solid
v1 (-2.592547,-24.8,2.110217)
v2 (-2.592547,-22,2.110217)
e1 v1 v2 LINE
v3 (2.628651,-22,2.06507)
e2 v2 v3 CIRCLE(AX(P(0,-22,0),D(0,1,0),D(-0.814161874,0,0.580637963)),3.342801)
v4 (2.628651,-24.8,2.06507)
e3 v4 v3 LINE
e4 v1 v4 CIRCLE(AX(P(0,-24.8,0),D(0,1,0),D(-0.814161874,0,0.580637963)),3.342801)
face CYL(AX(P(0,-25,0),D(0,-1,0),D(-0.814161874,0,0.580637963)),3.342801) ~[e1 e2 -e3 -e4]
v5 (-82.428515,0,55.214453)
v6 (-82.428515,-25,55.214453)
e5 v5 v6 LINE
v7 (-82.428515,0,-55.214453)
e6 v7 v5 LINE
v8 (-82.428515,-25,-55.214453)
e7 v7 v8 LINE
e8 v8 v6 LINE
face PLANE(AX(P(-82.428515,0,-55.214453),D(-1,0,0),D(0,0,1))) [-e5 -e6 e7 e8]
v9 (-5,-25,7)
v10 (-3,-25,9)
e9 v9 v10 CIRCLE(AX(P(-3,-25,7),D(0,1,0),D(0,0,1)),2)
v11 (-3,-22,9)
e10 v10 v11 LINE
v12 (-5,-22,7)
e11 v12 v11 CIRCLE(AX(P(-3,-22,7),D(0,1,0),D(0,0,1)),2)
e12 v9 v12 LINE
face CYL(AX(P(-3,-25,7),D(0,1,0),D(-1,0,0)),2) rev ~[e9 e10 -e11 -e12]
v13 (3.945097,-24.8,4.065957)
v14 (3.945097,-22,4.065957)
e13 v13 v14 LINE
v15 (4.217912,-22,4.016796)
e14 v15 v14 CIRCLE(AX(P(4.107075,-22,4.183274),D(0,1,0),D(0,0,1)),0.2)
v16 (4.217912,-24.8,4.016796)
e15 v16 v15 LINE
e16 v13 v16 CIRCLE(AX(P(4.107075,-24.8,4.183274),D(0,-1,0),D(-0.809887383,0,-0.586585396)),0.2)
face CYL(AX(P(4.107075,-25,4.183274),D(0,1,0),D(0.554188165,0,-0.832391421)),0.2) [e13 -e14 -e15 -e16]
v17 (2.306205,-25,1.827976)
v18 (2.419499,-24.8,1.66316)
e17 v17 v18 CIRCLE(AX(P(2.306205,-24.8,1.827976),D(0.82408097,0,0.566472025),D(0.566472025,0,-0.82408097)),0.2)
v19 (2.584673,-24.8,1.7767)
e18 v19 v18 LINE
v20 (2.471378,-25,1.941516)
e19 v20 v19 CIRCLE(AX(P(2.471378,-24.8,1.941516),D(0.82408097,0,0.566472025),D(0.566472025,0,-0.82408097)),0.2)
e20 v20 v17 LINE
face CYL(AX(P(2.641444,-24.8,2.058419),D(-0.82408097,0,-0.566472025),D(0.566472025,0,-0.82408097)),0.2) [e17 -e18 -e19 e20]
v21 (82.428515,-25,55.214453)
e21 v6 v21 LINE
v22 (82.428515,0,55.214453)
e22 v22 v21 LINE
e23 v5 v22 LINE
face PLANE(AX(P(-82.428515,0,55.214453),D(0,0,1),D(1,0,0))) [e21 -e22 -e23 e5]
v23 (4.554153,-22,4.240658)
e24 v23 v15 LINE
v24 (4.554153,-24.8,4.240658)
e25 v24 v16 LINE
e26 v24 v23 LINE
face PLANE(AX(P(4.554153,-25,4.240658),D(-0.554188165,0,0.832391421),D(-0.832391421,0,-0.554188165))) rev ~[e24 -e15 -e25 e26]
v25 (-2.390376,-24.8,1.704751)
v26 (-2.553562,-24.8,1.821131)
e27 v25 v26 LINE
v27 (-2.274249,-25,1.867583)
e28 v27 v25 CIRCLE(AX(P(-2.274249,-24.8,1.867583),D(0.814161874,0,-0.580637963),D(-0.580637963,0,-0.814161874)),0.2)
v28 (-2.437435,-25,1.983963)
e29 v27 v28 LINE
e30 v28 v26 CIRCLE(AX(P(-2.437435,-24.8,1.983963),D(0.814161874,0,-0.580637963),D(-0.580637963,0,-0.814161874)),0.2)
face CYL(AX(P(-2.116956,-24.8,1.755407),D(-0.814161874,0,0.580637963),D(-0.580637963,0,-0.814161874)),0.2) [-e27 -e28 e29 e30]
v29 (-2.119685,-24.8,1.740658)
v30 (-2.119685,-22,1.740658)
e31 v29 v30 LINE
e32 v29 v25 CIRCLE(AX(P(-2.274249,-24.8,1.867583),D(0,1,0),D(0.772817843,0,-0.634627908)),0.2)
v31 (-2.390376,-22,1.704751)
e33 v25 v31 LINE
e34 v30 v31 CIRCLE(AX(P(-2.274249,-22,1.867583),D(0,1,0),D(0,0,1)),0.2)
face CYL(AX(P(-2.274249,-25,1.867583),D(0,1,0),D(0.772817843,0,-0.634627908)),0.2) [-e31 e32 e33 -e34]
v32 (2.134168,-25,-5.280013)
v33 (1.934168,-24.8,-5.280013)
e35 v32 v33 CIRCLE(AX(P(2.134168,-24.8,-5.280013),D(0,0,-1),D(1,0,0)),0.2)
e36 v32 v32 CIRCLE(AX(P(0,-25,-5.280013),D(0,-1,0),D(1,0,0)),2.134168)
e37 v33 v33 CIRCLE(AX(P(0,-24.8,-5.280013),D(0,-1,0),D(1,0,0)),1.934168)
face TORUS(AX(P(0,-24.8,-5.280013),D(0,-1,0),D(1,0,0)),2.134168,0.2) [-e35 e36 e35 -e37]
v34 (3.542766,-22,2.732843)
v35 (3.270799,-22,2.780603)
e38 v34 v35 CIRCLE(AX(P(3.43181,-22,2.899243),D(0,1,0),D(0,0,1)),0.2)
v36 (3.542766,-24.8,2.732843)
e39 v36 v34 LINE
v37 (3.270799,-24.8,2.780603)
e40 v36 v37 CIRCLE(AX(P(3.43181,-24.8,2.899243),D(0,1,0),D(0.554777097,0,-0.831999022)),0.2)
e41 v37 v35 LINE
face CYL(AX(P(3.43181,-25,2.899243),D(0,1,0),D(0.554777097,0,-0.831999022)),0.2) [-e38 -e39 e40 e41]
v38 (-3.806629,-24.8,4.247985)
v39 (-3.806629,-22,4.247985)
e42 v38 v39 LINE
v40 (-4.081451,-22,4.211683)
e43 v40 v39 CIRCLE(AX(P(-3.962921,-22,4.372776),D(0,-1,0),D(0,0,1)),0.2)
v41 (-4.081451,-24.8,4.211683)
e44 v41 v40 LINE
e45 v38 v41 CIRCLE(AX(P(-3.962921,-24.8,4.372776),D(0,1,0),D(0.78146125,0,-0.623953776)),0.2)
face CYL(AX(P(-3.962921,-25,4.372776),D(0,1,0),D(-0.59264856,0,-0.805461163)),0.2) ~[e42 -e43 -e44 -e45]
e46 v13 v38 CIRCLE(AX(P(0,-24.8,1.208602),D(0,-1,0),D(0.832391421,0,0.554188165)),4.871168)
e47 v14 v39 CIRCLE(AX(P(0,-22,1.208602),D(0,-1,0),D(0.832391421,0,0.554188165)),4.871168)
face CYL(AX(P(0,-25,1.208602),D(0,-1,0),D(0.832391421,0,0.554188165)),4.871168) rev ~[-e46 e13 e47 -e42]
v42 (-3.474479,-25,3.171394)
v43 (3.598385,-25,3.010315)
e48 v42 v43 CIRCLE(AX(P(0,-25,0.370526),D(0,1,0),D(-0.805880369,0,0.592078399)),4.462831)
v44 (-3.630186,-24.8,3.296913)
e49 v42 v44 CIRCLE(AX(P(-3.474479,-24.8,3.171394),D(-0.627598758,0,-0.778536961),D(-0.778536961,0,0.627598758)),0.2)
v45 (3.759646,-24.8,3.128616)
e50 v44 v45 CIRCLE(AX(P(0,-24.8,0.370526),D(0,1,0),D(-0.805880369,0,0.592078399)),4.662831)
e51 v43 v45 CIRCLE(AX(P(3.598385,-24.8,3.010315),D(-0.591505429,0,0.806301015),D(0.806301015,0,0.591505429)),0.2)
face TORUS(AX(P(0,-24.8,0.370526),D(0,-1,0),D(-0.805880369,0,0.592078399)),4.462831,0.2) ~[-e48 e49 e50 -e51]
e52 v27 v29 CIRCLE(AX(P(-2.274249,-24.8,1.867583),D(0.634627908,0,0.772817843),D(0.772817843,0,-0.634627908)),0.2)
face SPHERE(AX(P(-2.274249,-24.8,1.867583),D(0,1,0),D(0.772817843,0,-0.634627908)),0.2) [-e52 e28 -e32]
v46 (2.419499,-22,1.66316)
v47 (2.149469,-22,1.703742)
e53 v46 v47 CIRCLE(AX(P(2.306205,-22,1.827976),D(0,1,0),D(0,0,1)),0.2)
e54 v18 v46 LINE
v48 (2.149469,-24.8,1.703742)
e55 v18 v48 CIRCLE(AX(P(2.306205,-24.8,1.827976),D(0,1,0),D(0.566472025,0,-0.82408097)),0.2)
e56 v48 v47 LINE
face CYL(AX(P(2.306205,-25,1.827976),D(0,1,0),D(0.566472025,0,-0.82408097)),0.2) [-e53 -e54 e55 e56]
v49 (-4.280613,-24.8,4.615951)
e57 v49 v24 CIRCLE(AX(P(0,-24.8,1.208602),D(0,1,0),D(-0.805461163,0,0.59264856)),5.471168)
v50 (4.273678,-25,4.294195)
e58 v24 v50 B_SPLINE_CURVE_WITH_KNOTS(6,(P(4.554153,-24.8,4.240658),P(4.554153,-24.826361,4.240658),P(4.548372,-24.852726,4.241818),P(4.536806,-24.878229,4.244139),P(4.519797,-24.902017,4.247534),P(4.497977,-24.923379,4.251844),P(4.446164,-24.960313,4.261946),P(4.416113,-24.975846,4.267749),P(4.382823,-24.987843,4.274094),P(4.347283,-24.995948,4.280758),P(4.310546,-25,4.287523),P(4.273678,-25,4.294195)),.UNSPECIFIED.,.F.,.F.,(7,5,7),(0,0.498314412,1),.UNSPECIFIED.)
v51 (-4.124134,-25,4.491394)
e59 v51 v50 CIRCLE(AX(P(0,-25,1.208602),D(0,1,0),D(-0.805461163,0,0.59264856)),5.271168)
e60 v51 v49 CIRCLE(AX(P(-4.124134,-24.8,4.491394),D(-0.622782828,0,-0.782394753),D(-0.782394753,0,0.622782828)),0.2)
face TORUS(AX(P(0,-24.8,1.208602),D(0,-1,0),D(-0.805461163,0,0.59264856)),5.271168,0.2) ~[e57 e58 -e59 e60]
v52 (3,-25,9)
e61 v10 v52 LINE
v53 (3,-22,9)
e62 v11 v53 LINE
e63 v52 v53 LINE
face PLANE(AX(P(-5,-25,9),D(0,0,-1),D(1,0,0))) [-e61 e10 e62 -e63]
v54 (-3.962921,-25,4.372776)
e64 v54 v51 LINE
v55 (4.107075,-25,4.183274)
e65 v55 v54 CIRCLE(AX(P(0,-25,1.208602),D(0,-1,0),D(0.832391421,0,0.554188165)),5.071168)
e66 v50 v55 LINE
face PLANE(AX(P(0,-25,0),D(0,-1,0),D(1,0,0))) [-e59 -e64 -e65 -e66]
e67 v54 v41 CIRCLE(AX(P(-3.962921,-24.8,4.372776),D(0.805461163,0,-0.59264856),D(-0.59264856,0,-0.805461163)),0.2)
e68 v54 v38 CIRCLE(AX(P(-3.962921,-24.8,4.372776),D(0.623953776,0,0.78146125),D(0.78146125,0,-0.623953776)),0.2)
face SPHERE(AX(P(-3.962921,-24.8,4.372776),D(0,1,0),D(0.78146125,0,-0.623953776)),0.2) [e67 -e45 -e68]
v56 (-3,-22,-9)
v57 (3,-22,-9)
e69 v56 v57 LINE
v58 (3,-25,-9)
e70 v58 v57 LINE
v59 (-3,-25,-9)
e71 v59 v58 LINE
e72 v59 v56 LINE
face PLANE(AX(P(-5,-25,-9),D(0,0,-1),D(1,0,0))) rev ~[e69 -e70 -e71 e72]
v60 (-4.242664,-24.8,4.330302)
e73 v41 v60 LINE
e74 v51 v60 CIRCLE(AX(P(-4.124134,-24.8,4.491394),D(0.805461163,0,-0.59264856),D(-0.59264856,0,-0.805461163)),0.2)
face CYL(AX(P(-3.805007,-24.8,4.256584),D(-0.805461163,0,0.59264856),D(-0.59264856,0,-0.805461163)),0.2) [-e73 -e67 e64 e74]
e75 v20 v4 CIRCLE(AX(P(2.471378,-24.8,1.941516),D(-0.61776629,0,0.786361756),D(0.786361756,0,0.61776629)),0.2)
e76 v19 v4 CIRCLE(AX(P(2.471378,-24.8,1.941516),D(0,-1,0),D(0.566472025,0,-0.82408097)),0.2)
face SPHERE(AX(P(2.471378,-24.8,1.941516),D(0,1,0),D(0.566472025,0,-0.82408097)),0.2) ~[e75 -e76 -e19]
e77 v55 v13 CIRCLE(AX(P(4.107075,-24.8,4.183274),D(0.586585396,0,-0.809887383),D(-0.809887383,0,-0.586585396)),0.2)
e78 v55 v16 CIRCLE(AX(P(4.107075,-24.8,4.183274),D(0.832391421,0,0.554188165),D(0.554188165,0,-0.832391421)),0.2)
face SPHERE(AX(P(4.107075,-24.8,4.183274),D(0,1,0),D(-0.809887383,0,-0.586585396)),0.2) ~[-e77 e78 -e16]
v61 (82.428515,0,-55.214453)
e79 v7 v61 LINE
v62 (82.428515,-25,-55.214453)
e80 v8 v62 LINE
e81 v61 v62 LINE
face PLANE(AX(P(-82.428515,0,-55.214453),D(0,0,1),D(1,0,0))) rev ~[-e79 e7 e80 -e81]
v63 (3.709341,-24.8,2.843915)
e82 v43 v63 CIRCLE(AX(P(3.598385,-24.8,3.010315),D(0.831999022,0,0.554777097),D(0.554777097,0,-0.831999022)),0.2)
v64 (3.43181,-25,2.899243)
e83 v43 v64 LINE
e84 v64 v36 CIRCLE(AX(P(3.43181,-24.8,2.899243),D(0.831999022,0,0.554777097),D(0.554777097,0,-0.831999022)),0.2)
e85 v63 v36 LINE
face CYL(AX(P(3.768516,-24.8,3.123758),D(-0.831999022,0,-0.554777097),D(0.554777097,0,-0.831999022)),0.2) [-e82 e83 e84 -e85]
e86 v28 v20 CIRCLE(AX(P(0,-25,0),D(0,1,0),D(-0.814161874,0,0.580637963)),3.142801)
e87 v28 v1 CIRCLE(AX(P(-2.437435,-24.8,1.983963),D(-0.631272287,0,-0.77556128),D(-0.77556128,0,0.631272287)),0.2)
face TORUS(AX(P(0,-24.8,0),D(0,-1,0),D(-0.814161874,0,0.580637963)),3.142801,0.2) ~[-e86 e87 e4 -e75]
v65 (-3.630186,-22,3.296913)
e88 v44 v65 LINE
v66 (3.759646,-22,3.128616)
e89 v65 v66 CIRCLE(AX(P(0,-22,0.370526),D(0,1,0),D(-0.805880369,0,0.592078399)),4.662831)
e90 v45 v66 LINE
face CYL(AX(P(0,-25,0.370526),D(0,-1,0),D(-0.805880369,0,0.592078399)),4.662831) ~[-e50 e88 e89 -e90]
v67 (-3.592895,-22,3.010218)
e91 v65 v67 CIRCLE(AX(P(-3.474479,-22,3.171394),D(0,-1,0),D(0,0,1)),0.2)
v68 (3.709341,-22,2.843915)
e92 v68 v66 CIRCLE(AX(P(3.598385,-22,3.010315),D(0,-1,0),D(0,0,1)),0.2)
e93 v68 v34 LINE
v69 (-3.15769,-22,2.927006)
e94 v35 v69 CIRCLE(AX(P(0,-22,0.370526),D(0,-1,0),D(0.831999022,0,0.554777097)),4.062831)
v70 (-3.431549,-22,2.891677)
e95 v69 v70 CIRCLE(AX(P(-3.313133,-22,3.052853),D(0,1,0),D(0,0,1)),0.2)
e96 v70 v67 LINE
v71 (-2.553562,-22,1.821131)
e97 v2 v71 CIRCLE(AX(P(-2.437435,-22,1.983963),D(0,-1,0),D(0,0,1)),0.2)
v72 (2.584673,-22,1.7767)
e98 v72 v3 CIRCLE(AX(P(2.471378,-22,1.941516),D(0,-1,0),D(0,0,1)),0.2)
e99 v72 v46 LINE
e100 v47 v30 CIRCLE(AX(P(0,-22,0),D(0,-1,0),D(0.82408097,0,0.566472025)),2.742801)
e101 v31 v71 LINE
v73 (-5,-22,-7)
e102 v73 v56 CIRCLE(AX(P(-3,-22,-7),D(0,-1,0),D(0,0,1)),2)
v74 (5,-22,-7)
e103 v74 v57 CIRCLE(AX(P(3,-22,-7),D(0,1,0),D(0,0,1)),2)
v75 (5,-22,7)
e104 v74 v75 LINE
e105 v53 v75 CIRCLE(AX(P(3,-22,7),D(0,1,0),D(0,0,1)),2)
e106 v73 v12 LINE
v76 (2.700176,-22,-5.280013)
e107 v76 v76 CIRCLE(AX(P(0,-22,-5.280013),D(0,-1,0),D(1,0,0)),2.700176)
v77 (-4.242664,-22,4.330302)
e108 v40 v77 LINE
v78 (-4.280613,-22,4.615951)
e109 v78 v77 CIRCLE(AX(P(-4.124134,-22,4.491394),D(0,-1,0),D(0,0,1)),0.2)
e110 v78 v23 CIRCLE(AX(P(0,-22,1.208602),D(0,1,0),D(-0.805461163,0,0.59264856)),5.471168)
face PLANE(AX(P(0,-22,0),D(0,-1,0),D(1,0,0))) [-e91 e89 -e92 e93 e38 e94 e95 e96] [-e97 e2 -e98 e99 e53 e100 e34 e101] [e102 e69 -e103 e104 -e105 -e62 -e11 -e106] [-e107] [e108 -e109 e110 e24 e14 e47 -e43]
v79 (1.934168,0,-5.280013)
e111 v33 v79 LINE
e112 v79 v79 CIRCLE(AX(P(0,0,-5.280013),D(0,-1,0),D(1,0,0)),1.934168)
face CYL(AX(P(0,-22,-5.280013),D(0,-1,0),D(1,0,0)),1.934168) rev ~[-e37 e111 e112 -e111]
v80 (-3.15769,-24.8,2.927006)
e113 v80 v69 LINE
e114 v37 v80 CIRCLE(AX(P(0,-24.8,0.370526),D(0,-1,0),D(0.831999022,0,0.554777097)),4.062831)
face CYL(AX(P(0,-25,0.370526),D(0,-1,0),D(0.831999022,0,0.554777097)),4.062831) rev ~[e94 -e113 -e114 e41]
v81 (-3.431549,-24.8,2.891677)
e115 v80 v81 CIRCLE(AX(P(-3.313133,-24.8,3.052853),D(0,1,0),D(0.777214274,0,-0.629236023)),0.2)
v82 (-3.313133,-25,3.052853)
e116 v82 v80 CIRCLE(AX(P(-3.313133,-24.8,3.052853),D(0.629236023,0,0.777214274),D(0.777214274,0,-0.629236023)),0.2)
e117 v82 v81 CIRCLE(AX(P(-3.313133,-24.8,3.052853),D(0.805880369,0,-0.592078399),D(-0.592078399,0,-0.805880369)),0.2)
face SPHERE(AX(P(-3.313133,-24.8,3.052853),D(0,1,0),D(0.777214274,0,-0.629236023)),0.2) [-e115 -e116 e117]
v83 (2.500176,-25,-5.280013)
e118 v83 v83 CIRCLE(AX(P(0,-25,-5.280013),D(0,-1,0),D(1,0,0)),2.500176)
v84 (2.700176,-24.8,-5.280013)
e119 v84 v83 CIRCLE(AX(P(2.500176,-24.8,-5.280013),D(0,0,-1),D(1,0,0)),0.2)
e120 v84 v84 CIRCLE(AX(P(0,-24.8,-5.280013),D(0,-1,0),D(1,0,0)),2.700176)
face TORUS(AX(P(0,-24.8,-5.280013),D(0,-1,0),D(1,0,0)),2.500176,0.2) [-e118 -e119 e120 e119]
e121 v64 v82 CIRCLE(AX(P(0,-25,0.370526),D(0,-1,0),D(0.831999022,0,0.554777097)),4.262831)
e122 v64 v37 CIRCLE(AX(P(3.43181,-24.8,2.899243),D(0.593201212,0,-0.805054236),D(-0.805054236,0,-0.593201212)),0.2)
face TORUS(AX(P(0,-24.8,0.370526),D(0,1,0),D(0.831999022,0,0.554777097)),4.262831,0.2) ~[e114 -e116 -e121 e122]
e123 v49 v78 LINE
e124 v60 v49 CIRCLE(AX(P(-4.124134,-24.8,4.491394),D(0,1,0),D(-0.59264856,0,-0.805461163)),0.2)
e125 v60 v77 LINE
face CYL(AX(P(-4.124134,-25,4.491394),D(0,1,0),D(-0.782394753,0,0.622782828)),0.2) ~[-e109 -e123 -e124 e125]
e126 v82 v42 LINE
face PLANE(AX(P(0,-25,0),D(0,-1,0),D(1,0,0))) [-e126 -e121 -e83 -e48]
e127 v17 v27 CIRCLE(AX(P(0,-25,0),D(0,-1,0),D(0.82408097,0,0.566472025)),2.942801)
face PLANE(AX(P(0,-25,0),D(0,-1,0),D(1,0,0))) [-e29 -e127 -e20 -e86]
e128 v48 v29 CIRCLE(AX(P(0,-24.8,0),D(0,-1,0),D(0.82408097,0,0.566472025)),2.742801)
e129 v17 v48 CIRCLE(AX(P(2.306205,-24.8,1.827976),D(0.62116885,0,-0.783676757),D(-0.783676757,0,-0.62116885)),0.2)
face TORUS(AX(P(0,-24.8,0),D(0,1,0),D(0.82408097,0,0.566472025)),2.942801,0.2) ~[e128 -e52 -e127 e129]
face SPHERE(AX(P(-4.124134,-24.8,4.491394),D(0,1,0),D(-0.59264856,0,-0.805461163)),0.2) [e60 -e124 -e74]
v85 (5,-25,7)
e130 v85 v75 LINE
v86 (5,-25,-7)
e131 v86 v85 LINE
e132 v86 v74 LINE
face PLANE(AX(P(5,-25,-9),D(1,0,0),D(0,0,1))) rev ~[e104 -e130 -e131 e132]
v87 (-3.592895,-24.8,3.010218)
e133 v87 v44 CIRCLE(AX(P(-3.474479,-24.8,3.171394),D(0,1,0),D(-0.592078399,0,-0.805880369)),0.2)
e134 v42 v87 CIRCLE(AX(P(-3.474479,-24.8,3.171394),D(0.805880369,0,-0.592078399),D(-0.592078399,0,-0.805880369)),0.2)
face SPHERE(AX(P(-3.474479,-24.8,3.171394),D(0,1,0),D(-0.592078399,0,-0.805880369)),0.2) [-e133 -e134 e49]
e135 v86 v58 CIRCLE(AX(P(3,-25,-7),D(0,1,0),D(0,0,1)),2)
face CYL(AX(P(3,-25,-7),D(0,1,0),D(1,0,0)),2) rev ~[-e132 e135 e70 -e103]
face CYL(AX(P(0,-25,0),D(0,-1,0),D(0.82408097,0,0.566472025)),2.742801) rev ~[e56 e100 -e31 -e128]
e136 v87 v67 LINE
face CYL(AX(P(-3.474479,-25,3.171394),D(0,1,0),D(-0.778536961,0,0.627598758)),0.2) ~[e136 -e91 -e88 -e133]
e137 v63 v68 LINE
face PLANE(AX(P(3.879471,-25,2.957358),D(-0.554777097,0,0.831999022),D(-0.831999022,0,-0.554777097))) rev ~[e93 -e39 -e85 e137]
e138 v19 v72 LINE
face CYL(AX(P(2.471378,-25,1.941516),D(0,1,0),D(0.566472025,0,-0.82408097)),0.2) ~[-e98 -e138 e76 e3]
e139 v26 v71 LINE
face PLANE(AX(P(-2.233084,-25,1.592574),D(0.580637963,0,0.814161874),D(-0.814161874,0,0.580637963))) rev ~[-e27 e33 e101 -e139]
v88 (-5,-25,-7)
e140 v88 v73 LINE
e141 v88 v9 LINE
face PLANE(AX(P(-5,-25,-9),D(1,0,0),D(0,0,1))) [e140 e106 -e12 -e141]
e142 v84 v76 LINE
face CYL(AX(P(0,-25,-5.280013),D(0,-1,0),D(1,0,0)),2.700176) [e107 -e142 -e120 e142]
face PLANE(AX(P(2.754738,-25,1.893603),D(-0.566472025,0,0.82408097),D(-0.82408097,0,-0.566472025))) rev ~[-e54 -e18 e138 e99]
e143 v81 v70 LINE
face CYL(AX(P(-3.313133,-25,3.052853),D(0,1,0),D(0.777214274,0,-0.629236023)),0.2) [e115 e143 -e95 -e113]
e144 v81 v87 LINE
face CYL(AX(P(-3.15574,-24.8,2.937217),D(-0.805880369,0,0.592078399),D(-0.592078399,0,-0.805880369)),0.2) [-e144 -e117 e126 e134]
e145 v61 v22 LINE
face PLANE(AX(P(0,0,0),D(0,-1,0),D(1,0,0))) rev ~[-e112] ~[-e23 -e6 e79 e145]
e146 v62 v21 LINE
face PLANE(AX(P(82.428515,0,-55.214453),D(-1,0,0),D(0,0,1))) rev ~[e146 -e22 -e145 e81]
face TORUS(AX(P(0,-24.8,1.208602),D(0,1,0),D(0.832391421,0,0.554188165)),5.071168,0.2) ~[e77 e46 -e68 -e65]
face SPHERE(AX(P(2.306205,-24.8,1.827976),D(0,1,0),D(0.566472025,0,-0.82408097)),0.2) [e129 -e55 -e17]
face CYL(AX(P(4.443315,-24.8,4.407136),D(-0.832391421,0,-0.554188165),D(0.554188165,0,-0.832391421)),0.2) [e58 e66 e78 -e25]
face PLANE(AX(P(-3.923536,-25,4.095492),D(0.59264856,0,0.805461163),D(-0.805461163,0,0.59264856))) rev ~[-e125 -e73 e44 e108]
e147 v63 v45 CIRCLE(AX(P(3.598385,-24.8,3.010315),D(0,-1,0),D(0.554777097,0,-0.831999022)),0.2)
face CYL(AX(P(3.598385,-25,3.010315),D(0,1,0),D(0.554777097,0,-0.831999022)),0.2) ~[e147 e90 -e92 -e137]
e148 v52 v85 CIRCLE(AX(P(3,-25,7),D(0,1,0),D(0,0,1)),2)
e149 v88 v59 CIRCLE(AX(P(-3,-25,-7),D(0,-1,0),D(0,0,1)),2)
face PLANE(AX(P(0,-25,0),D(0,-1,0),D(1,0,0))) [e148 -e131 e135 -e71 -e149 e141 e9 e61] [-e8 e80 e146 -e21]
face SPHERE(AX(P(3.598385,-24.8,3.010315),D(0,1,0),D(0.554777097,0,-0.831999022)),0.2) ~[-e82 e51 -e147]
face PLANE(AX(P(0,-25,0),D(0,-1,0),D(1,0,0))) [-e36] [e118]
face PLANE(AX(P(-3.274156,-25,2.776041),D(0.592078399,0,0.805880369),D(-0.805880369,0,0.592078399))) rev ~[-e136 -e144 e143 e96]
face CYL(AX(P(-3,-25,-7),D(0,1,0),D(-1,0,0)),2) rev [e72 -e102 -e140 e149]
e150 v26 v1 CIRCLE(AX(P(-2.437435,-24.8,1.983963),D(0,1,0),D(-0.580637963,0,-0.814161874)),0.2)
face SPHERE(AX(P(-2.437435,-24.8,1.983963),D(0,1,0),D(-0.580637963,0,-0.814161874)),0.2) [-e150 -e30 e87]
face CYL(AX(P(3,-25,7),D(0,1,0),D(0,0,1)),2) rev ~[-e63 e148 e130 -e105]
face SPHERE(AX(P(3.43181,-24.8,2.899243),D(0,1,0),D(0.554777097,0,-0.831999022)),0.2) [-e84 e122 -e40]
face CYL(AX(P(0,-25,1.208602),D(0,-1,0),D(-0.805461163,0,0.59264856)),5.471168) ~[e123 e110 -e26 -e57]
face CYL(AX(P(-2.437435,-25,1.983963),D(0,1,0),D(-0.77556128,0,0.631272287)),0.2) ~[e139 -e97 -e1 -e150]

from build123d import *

# Parameters (mm, degrees)
F0_W     = 164.8570299149
F0_H     = 110.4289069772
F1_DEPTH = 25
F2_W     = 10
F2_H     = 18
F2_R     = 2.7001764227
F2_R_2   = 1.9341682987
F3_DEPTH = 3
F4_DEPTH = 25
F5_R     = 2
F6_R     = 0.2
F7_R     = 0.2


with BuildPart() as f1:
    # F0 (on Front) → F1 (new body)
    with BuildSketch(Plane.XZ):
        Rectangle(F0_W, F0_H)
    extrude(amount=F1_DEPTH)

    # F2 (on face) → F3 (cut)
    with BuildSketch(Plane.XZ.offset(25)):
        Rectangle(F2_W, F2_H)
        with Locations((0, -5.2800131962)):
            Circle(F2_R, mode=Mode.SUBTRACT)
        with BuildLine():
            ThreePointArc((2.2602898534, 1.5537198633), (0.023716197, 2.7426981564), (-2.2330837499, 1.5925742058))
            Line((-2.2330837499, 1.5925742058), (-2.7215808881, 1.9409569934))
            ThreePointArc((-2.7215808881, 1.9409569934), (0.028904222, 3.3426757436), (2.7547384494, 1.8936030884))
            Line((2.7547384494, 1.8936030884), (2.2602898534, 1.5537198633))
        make_face(mode=Mode.SUBTRACT)
        with BuildLine():
            ThreePointArc((3.3802715561, 2.6244919898), (0.092503517, 4.4323042668), (-3.2741558808, 2.7760408799))
            Line((-3.2741558808, 2.7760408799), (-3.7576841163, 3.1312879295))
            ThreePointArc((-3.7576841163, 3.1312879295), (0.1061644617, 5.0321487461), (3.8794709835, 2.9573582578))
            Line((3.8794709835, 2.9573582578), (3.3802715561, 2.6244919898))
        make_face(mode=Mode.SUBTRACT)
        with BuildLine():
            ThreePointArc((4.0547181579, 3.9081449802), (0.1143542469, 6.0784267055), (-3.923536355, 4.0954920105))
            Line((-3.923536355, 4.0954920105), (-4.4068130665, 4.4510811567))
            ThreePointArc((-4.4068130665, 4.4510811567), (0.1284396891, 6.6782613669), (4.5541530248, 4.2406578889))
            Line((4.5541530248, 4.2406578889), (4.0547181579, 3.9081449802))
        make_face(mode=Mode.SUBTRACT)
        with Locations((0, -5.2800131962)):
            Circle(F2_R_2)
    extrude(amount=-F3_DEPTH, mode=Mode.SUBTRACT)

    # F4 (cut): a face of the model
    f4_faces = [f1.faces().sort_by_distance(p)[0] for p in [
        (0, -22, -5.2800131962),
    ]]
    extrude(f4_faces, amount=-F4_DEPTH, mode=Mode.SUBTRACT)

    # F5
    f5_edges = [f1.edges().sort_by_distance(p)[0] for p in [
        (-5, -23.5, 9),
        (5, -23.5, 9),
        (5, -23.5, -9),
        (-5, -23.5, -9),
    ]]
    fillet(f5_edges, radius=F5_R)

    # F6
    f6_edges = [f1.edges().sort_by_distance(p)[0] for p in [
        (-3.923536, -23.5, 4.095492),
        (-4.406813, -23.5, 4.451081),
        (-3.757684, -23.5, 3.131288),
        (-3.274156, -23.5, 2.776041),
        (-2.721581, -23.5, 1.940957),
        (-2.233084, -23.5, 1.592574),
        (2.26029, -23.5, 1.55372),
        (2.754738, -23.5, 1.893603),
        (3.380272, -23.5, 2.624492),
        (3.879471, -23.5, 2.957358),
        (4.054718, -23.5, 3.908145),
        (2.507514, -25, 1.723661),
        (0.023716, -25, 2.742698),
        (-2.477332, -25, 1.766766),
        (0.028904, -25, 3.342676),
        (3.629871, -25, 2.790925),
        (0.092504, -25, 4.432304),
        (-3.51592, -25, 2.953664),
        (0.106164, -25, 5.032149),
        (0.114354, -25, 6.078427),
        (-4.165175, -25, 4.273287),
        (0.12844, -25, 6.678261),
        (4.304436, -25, 4.074401),
    ]]
    fillet(f6_edges, radius=F6_R)

    # F7
    f7_edges = [f1.edges().sort_by_distance(p)[0] for p in [
        (-2.700176, -25, -5.280013),
        (-1.934168, -25, -5.280013),
    ]]
    fillet(f7_edges, radius=F7_R)


solid = f1.part
